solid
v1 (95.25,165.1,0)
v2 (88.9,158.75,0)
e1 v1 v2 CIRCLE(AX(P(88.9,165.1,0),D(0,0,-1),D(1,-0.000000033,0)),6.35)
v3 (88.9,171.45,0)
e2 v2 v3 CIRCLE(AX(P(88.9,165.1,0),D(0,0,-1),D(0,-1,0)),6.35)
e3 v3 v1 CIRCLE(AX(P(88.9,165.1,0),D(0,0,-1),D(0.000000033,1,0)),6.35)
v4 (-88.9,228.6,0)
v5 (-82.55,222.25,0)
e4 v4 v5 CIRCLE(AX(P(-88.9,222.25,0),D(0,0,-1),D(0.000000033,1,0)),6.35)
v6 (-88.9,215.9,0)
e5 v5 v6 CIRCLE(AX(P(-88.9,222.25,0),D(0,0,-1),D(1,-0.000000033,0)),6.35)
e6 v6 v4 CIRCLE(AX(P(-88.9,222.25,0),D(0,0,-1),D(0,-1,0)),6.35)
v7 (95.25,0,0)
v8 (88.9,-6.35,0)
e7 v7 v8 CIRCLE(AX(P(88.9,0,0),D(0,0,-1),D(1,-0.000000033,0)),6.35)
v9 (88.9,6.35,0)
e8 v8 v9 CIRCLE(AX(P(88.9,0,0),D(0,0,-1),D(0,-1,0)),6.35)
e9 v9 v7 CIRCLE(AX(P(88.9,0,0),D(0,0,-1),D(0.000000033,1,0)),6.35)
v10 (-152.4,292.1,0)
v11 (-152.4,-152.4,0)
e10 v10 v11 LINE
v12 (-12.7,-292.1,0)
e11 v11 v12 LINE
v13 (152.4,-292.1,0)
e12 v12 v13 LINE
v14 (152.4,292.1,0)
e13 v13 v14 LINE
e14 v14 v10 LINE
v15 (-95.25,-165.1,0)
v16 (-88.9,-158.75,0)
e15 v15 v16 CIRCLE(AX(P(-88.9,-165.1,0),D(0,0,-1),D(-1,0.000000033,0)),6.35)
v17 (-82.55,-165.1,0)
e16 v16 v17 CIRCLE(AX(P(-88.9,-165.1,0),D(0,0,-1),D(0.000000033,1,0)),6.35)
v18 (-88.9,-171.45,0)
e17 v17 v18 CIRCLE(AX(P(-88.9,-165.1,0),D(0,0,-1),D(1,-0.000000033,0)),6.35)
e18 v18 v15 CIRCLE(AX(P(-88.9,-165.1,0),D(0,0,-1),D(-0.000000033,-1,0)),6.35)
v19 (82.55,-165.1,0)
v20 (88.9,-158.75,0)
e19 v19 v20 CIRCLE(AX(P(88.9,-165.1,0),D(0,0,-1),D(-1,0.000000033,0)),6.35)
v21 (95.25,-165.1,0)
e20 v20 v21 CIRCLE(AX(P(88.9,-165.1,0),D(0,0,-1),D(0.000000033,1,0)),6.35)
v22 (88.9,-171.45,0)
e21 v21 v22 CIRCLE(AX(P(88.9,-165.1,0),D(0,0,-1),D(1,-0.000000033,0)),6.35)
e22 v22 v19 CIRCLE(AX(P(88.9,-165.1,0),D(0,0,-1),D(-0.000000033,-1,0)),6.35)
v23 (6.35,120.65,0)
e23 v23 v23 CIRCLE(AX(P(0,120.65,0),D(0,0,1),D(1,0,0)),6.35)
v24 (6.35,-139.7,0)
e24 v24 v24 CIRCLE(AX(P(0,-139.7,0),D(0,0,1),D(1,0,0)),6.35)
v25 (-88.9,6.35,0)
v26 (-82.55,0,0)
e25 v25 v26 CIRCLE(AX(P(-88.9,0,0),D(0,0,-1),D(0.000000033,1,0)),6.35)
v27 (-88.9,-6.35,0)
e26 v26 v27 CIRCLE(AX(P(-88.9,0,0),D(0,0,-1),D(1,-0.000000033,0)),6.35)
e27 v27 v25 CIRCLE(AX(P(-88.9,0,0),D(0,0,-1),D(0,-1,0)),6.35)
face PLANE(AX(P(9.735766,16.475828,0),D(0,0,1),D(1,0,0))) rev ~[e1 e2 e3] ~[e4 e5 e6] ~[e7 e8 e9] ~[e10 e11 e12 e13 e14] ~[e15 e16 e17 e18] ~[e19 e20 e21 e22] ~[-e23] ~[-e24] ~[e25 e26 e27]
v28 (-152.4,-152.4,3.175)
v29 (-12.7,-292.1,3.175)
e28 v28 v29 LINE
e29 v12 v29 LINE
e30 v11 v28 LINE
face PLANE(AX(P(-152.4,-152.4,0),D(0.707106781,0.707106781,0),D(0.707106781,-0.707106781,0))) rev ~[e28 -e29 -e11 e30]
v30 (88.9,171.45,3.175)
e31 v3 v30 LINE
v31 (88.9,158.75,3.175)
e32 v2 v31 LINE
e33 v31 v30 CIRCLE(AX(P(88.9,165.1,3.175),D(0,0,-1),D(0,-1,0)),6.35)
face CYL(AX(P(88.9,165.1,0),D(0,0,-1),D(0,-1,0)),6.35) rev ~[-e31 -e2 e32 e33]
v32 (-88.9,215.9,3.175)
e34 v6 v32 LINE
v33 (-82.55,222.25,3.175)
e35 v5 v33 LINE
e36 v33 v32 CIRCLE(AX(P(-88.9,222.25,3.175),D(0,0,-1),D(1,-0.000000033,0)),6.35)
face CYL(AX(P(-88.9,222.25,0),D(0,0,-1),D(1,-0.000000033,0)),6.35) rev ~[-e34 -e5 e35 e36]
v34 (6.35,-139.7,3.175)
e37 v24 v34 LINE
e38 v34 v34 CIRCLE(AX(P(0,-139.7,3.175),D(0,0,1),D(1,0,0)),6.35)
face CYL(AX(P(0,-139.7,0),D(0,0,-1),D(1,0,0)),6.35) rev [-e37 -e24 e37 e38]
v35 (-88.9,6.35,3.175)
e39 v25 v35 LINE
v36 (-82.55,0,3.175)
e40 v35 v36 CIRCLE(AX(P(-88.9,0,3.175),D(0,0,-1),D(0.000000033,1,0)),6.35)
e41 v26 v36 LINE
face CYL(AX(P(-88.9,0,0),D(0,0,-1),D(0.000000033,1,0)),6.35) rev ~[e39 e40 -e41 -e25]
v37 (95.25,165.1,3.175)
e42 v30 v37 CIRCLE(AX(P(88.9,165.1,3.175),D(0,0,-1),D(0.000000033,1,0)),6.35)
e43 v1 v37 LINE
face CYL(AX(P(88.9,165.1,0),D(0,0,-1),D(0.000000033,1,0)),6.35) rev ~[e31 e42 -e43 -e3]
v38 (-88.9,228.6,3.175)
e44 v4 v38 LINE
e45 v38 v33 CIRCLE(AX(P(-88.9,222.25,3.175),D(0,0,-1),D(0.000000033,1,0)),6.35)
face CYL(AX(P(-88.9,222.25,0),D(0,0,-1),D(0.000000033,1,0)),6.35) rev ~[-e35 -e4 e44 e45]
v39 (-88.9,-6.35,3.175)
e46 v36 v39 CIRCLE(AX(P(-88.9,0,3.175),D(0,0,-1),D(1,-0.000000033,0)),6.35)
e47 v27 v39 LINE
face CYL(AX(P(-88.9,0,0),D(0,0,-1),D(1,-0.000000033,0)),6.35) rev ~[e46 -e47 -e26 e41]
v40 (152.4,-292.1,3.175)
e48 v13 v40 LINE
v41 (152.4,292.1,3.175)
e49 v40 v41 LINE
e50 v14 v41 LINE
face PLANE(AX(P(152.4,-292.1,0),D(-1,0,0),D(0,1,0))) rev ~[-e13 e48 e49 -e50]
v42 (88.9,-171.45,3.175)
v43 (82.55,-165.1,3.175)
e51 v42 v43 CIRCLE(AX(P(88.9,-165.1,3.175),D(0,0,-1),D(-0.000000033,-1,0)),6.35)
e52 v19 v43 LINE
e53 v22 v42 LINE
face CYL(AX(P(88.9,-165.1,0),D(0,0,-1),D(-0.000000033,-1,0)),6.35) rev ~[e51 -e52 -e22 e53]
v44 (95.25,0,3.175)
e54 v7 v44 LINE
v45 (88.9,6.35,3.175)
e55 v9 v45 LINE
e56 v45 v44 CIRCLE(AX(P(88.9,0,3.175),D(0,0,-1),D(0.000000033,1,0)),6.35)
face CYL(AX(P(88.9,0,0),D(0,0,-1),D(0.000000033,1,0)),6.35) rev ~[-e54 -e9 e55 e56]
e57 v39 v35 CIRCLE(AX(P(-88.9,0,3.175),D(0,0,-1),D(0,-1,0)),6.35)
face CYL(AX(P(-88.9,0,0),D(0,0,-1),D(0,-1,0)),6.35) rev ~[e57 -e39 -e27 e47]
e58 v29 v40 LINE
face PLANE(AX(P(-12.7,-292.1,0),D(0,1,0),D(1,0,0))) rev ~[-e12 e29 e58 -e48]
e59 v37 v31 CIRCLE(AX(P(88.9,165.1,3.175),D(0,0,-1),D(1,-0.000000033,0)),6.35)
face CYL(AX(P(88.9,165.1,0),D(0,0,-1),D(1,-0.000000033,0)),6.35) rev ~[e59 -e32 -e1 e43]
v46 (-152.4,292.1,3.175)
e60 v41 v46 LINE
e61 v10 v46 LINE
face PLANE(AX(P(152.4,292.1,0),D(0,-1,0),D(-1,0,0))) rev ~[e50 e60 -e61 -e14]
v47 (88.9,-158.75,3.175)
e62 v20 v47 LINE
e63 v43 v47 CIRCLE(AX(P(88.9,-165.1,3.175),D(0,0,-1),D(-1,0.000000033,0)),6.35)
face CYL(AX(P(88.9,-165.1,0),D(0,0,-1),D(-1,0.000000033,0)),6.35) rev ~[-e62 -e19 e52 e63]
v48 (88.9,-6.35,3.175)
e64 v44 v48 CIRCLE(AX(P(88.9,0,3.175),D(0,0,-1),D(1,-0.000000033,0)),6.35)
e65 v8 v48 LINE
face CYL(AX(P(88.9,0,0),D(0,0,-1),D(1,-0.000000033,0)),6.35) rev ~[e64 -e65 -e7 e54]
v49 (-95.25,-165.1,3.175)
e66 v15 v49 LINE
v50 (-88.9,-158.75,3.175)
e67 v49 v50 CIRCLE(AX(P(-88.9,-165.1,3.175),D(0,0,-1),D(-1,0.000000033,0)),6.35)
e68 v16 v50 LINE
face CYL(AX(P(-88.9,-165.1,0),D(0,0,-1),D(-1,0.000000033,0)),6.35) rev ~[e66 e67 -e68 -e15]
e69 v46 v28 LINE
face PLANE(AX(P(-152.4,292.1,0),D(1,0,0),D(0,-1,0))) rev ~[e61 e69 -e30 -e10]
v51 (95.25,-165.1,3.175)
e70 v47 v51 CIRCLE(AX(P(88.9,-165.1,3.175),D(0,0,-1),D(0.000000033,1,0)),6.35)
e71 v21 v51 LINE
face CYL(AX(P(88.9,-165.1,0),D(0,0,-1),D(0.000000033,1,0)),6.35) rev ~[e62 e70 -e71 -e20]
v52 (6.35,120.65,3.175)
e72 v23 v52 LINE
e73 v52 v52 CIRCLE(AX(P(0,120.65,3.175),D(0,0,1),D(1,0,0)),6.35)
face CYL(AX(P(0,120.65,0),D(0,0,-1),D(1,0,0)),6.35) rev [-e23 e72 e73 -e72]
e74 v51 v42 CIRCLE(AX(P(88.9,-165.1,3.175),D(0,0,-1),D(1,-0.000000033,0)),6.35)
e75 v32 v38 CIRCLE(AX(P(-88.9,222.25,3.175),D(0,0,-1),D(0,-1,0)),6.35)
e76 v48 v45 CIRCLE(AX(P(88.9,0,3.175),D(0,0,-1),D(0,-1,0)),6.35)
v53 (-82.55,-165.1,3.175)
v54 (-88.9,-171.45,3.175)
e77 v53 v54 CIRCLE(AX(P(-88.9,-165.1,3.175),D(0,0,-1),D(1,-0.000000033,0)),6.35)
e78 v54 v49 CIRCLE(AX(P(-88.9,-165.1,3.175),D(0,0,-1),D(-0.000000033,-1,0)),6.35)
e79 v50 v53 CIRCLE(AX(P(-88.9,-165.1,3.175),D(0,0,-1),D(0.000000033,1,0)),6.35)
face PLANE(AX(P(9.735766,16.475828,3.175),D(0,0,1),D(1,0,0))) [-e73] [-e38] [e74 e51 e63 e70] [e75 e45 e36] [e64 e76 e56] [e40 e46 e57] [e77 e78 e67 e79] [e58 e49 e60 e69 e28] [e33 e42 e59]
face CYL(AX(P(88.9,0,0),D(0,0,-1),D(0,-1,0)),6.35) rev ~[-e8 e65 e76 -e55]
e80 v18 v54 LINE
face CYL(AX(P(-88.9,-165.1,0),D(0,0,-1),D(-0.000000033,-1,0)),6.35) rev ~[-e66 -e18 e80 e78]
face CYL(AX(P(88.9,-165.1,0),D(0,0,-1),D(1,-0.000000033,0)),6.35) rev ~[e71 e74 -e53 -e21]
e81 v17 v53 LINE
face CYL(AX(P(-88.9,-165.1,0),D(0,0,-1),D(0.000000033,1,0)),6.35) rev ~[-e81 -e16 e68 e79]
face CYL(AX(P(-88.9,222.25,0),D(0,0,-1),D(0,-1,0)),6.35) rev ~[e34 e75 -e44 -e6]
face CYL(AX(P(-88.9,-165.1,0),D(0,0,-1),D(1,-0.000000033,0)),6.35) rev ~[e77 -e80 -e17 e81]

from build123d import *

# Parameters (mm, degrees)
F0_R     = 6.35
F1_DEPTH = 3.175


with BuildPart() as f1:
    # F0 (on Top) → F1 (new body)
    with BuildSketch(Plane.XY):
        Polygon((152.4, -152.4), (152.4, 292.1), (88.9, 292.1), (-88.9, 292.1), (-152.4, 292.1), (-152.4, -152.4), (-88.9, -215.9), (-12.7, -292.1), (12.7, -292.1), (152.4, -292.1), align=None)
        with BuildLine():
            ThreePointArc((-82.55, -165.1), (-84.409872, -169.590128), (-88.9, -171.45))
            ThreePointArc((-88.9, -171.45), (-93.390128, -169.590128), (-95.25, -165.1))
            ThreePointArc((-95.25, -165.1), (-93.390128, -160.609872), (-88.9, -158.75))
            ThreePointArc((-88.9, -158.75), (-84.409872, -160.609872), (-82.55, -165.1))
        make_face(mode=Mode.SUBTRACT)
        with BuildLine():
            ThreePointArc((88.9, -158.75), (93.390128, -160.609872), (95.25, -165.1))
            ThreePointArc((95.25, -165.1), (93.390128, -169.590128), (88.9, -171.45))
            ThreePointArc((88.9, -171.45), (84.409872, -169.590128), (82.55, -165.1))
            ThreePointArc((82.55, -165.1), (84.409872, -160.609872), (88.9, -158.75))
        make_face(mode=Mode.SUBTRACT)
        with Locations((0, -139.7)):
            Circle(F0_R, mode=Mode.SUBTRACT)
        with BuildLine():
            ThreePointArc((-88.9, 6.35), (-84.409872, 4.490128), (-82.55, 0))
            ThreePointArc((-82.55, 0), (-84.409872, -4.490128), (-88.9, -6.35))
            ThreePointArc((-88.9, -6.35), (-95.25, 0), (-88.9, 6.35))
        make_face(mode=Mode.SUBTRACT)
        with BuildLine():
            ThreePointArc((-88.9, 215.9), (-95.25, 222.25), (-88.9, 228.6))
            ThreePointArc((-88.9, 228.6), (-84.409872, 226.740128), (-82.55, 222.25))
            ThreePointArc((-82.55, 222.25), (-84.409872, 217.759872), (-88.9, 215.9))
        make_face(mode=Mode.SUBTRACT)
        with Locations((0, 120.65)):
            Circle(F0_R, mode=Mode.SUBTRACT)
        with BuildLine():
            ThreePointArc((88.9, 6.35), (93.390128, 4.490128), (95.25, 0))
            ThreePointArc((95.25, 0), (93.390128, -4.490128), (88.9, -6.35))
            ThreePointArc((88.9, -6.35), (82.55, 0), (88.9, 6.35))
        make_face(mode=Mode.SUBTRACT)
        with BuildLine():
            ThreePointArc((88.9, 158.75), (82.55, 165.1), (88.9, 171.45))
            ThreePointArc((88.9, 171.45), (93.390128, 169.590128), (95.25, 165.1))
            ThreePointArc((95.25, 165.1), (93.390128, 160.609872), (88.9, 158.75))
        make_face(mode=Mode.SUBTRACT)
    extrude(amount=F1_DEPTH)


solid = f1.part
